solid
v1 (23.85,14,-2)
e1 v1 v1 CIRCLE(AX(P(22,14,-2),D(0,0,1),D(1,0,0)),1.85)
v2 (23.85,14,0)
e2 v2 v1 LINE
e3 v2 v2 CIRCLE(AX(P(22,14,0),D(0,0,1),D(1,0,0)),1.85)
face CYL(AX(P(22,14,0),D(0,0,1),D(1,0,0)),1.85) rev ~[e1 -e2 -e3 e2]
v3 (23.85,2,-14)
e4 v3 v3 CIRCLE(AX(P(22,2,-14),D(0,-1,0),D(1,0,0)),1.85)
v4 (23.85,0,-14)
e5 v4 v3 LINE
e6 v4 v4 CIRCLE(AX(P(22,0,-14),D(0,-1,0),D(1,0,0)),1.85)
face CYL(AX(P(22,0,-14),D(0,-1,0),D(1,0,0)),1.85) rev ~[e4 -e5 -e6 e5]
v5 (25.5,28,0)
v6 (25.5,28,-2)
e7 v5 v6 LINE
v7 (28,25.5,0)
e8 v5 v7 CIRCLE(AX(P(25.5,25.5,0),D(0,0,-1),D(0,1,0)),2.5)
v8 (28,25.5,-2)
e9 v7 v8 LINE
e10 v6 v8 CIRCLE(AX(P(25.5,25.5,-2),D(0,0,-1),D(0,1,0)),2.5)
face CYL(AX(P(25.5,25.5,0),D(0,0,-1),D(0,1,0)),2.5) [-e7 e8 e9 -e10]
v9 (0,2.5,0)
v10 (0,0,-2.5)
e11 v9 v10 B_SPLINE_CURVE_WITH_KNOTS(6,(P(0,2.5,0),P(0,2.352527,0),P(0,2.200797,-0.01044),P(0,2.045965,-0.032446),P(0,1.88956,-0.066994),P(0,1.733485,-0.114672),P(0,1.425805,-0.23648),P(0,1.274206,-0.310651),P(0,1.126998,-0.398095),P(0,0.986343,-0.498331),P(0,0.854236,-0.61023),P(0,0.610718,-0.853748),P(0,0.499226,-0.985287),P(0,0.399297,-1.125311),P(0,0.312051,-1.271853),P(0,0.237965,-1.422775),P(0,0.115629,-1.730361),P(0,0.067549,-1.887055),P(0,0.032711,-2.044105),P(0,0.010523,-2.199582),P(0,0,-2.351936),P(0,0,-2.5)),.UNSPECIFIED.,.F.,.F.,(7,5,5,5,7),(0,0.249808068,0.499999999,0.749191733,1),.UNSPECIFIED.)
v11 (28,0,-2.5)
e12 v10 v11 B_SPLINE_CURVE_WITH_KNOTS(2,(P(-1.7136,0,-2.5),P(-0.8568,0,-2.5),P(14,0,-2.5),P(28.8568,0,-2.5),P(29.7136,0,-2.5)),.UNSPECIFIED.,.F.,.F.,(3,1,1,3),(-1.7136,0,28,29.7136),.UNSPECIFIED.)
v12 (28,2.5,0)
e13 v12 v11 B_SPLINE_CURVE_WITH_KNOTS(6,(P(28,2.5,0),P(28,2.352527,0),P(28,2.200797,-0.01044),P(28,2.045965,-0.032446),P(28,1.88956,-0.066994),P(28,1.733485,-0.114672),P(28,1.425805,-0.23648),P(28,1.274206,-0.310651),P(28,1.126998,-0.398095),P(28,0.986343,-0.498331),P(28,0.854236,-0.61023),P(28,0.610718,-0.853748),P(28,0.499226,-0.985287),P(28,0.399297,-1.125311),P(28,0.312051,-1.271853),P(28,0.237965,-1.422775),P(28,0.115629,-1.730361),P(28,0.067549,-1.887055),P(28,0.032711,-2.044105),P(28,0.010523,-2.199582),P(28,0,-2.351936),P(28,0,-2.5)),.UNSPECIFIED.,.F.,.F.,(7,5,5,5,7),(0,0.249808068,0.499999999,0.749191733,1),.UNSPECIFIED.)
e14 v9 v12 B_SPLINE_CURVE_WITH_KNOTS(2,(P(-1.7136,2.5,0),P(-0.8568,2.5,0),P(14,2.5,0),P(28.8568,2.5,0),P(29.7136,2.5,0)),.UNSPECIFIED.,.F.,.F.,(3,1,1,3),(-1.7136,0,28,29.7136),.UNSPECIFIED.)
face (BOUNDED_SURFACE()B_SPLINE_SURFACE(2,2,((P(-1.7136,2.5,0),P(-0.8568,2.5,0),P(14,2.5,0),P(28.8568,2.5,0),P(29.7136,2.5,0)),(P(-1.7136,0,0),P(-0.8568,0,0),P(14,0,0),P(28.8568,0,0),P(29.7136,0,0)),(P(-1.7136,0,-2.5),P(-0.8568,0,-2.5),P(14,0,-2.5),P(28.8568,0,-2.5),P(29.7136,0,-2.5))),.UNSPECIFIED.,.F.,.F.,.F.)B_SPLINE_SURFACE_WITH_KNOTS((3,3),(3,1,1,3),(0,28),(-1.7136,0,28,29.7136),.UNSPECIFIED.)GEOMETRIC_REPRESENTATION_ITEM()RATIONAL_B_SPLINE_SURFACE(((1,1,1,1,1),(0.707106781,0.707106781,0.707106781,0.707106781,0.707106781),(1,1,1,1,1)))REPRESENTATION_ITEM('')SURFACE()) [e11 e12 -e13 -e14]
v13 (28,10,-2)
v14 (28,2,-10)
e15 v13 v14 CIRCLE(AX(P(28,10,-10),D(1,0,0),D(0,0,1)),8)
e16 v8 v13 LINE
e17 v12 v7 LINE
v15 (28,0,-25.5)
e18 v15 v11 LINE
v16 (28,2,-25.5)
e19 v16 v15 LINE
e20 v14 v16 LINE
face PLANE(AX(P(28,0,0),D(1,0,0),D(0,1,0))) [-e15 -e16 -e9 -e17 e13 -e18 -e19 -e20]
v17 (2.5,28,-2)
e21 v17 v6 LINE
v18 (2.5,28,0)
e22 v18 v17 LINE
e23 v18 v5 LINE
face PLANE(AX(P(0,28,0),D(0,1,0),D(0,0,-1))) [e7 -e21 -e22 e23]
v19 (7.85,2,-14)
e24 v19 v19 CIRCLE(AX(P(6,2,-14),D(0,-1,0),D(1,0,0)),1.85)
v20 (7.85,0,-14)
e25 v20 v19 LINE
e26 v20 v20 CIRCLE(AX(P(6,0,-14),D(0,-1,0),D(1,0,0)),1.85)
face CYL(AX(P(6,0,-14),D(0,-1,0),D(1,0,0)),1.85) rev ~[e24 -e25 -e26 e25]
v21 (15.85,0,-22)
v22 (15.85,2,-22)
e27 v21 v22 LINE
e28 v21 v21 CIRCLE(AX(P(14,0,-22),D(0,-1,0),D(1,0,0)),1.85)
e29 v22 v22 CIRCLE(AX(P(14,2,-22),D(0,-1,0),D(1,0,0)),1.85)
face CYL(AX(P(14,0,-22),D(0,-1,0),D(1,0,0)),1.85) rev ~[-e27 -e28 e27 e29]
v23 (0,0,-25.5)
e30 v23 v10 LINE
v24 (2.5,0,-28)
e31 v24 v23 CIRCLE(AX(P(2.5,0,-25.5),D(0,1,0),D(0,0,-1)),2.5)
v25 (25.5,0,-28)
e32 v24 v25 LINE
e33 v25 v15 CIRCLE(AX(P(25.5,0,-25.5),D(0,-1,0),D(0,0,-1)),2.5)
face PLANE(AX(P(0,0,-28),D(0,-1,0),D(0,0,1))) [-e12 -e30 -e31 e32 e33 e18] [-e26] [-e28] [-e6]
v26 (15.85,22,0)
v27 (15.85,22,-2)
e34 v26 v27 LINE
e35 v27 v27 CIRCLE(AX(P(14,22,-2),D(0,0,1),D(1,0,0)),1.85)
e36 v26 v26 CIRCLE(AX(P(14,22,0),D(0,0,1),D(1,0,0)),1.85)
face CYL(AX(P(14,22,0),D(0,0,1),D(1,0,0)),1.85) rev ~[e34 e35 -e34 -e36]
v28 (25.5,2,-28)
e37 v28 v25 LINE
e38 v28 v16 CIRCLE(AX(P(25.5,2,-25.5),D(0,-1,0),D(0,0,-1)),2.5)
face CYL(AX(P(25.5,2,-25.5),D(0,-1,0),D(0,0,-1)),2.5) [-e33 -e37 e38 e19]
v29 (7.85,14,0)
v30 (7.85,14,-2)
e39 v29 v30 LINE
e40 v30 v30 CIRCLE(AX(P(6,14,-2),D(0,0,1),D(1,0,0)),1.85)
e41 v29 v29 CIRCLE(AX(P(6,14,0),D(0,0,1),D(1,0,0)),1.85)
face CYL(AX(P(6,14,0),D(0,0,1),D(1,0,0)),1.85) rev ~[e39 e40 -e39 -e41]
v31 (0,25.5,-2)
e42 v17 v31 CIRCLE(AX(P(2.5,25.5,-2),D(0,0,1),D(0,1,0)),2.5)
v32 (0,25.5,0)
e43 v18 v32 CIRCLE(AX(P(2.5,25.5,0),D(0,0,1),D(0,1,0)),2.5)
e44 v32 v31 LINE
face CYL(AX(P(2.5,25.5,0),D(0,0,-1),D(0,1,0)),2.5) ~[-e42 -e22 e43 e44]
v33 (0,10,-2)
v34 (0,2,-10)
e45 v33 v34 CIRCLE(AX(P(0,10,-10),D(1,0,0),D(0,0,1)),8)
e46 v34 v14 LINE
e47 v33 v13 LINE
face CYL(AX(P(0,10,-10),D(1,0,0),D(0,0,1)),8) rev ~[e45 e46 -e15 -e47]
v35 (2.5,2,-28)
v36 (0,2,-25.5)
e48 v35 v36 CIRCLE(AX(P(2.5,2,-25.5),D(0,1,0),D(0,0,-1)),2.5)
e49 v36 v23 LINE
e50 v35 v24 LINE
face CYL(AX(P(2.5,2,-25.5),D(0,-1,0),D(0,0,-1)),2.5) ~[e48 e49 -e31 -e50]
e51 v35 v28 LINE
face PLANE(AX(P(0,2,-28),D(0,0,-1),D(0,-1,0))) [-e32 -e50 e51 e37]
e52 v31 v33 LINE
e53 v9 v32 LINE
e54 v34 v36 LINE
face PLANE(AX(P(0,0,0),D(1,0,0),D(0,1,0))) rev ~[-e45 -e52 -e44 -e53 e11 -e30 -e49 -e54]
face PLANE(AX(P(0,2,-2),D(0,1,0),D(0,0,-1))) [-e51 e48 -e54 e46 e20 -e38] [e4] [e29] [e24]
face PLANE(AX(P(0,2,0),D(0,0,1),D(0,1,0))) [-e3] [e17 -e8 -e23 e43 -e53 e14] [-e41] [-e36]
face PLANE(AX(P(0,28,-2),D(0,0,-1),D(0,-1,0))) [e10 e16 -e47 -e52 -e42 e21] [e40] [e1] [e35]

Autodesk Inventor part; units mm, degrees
ref_plane "YZ Plane" through (0, 0, 0) normal (1, 0, 0) x (0, 1, 0)
ref_plane "XZ Plane" through (0, 0, 0) normal (0, 1, 0) x (-1, 0, 0)
ref_plane "XY Plane" through (0, 0, 0) normal (0, 0, 1) x (1, 0, 0)
sketch "Sketch1" plane through (0, 0, 0) normal (1, 0, 0) x (0, 1, 0)
  line L0 (0, 0) -> (28, 0)
  line L1 (28, 0) -> (28, -2)
  line L2 (0, -2) -> (0, 0)
  line L3 (0, 0) -> (2, 0)
  line L4 (2, -28) -> (0, -28)
  line L5 (0, -28) -> (0, 0)
  line L6 (28, -2) -> (2, -2)
  line L7 (2, -2) -> (2, -28)
  dimension "d0" = 28
  dimension "d1" = 2
  dimension "d2" = 2
  dimension "d3" = 28
extrude "Extrusion1" add sketch "Sketch1" along normal blind 28
fillet "Fillet1" radius 2.5 5 edges at (28, 28, -1) (0, 28, -1) (28, 1, -28) (0, 1, -28) (14, 0, 0)
fillet "Fillet1" radius 8 1 edges at (14, 2, -2)
sketch "Sketch2" plane through (0, 2.5, 0) normal (0, 0, 1) x (1, 0, 0)
  circle A0 centre (14, 19.5) radius 1.85
  circle A1 centre (6, 11.5) radius 1.85
  circle A2 centre (22, 11.5) radius 1.85
  point P0 (0, -2.5)
extrude "Extrusion2" cut sketch "Sketch2" against normal through all
sketch "Sketch3" plane through (0, 0, -25.5) normal (0, -1, 0) x (1, 0, 0)
  circle A0 centre (6, 11.5) radius 1.85
  circle A1 centre (14, 3.5) radius 1.85
  circle A2 centre (22, 11.5) radius 1.85
  point P0 (0, 25.5)
extrude "Extrusion3" cut sketch "Sketch3" against normal through all
properties part number "sideplatemount"
